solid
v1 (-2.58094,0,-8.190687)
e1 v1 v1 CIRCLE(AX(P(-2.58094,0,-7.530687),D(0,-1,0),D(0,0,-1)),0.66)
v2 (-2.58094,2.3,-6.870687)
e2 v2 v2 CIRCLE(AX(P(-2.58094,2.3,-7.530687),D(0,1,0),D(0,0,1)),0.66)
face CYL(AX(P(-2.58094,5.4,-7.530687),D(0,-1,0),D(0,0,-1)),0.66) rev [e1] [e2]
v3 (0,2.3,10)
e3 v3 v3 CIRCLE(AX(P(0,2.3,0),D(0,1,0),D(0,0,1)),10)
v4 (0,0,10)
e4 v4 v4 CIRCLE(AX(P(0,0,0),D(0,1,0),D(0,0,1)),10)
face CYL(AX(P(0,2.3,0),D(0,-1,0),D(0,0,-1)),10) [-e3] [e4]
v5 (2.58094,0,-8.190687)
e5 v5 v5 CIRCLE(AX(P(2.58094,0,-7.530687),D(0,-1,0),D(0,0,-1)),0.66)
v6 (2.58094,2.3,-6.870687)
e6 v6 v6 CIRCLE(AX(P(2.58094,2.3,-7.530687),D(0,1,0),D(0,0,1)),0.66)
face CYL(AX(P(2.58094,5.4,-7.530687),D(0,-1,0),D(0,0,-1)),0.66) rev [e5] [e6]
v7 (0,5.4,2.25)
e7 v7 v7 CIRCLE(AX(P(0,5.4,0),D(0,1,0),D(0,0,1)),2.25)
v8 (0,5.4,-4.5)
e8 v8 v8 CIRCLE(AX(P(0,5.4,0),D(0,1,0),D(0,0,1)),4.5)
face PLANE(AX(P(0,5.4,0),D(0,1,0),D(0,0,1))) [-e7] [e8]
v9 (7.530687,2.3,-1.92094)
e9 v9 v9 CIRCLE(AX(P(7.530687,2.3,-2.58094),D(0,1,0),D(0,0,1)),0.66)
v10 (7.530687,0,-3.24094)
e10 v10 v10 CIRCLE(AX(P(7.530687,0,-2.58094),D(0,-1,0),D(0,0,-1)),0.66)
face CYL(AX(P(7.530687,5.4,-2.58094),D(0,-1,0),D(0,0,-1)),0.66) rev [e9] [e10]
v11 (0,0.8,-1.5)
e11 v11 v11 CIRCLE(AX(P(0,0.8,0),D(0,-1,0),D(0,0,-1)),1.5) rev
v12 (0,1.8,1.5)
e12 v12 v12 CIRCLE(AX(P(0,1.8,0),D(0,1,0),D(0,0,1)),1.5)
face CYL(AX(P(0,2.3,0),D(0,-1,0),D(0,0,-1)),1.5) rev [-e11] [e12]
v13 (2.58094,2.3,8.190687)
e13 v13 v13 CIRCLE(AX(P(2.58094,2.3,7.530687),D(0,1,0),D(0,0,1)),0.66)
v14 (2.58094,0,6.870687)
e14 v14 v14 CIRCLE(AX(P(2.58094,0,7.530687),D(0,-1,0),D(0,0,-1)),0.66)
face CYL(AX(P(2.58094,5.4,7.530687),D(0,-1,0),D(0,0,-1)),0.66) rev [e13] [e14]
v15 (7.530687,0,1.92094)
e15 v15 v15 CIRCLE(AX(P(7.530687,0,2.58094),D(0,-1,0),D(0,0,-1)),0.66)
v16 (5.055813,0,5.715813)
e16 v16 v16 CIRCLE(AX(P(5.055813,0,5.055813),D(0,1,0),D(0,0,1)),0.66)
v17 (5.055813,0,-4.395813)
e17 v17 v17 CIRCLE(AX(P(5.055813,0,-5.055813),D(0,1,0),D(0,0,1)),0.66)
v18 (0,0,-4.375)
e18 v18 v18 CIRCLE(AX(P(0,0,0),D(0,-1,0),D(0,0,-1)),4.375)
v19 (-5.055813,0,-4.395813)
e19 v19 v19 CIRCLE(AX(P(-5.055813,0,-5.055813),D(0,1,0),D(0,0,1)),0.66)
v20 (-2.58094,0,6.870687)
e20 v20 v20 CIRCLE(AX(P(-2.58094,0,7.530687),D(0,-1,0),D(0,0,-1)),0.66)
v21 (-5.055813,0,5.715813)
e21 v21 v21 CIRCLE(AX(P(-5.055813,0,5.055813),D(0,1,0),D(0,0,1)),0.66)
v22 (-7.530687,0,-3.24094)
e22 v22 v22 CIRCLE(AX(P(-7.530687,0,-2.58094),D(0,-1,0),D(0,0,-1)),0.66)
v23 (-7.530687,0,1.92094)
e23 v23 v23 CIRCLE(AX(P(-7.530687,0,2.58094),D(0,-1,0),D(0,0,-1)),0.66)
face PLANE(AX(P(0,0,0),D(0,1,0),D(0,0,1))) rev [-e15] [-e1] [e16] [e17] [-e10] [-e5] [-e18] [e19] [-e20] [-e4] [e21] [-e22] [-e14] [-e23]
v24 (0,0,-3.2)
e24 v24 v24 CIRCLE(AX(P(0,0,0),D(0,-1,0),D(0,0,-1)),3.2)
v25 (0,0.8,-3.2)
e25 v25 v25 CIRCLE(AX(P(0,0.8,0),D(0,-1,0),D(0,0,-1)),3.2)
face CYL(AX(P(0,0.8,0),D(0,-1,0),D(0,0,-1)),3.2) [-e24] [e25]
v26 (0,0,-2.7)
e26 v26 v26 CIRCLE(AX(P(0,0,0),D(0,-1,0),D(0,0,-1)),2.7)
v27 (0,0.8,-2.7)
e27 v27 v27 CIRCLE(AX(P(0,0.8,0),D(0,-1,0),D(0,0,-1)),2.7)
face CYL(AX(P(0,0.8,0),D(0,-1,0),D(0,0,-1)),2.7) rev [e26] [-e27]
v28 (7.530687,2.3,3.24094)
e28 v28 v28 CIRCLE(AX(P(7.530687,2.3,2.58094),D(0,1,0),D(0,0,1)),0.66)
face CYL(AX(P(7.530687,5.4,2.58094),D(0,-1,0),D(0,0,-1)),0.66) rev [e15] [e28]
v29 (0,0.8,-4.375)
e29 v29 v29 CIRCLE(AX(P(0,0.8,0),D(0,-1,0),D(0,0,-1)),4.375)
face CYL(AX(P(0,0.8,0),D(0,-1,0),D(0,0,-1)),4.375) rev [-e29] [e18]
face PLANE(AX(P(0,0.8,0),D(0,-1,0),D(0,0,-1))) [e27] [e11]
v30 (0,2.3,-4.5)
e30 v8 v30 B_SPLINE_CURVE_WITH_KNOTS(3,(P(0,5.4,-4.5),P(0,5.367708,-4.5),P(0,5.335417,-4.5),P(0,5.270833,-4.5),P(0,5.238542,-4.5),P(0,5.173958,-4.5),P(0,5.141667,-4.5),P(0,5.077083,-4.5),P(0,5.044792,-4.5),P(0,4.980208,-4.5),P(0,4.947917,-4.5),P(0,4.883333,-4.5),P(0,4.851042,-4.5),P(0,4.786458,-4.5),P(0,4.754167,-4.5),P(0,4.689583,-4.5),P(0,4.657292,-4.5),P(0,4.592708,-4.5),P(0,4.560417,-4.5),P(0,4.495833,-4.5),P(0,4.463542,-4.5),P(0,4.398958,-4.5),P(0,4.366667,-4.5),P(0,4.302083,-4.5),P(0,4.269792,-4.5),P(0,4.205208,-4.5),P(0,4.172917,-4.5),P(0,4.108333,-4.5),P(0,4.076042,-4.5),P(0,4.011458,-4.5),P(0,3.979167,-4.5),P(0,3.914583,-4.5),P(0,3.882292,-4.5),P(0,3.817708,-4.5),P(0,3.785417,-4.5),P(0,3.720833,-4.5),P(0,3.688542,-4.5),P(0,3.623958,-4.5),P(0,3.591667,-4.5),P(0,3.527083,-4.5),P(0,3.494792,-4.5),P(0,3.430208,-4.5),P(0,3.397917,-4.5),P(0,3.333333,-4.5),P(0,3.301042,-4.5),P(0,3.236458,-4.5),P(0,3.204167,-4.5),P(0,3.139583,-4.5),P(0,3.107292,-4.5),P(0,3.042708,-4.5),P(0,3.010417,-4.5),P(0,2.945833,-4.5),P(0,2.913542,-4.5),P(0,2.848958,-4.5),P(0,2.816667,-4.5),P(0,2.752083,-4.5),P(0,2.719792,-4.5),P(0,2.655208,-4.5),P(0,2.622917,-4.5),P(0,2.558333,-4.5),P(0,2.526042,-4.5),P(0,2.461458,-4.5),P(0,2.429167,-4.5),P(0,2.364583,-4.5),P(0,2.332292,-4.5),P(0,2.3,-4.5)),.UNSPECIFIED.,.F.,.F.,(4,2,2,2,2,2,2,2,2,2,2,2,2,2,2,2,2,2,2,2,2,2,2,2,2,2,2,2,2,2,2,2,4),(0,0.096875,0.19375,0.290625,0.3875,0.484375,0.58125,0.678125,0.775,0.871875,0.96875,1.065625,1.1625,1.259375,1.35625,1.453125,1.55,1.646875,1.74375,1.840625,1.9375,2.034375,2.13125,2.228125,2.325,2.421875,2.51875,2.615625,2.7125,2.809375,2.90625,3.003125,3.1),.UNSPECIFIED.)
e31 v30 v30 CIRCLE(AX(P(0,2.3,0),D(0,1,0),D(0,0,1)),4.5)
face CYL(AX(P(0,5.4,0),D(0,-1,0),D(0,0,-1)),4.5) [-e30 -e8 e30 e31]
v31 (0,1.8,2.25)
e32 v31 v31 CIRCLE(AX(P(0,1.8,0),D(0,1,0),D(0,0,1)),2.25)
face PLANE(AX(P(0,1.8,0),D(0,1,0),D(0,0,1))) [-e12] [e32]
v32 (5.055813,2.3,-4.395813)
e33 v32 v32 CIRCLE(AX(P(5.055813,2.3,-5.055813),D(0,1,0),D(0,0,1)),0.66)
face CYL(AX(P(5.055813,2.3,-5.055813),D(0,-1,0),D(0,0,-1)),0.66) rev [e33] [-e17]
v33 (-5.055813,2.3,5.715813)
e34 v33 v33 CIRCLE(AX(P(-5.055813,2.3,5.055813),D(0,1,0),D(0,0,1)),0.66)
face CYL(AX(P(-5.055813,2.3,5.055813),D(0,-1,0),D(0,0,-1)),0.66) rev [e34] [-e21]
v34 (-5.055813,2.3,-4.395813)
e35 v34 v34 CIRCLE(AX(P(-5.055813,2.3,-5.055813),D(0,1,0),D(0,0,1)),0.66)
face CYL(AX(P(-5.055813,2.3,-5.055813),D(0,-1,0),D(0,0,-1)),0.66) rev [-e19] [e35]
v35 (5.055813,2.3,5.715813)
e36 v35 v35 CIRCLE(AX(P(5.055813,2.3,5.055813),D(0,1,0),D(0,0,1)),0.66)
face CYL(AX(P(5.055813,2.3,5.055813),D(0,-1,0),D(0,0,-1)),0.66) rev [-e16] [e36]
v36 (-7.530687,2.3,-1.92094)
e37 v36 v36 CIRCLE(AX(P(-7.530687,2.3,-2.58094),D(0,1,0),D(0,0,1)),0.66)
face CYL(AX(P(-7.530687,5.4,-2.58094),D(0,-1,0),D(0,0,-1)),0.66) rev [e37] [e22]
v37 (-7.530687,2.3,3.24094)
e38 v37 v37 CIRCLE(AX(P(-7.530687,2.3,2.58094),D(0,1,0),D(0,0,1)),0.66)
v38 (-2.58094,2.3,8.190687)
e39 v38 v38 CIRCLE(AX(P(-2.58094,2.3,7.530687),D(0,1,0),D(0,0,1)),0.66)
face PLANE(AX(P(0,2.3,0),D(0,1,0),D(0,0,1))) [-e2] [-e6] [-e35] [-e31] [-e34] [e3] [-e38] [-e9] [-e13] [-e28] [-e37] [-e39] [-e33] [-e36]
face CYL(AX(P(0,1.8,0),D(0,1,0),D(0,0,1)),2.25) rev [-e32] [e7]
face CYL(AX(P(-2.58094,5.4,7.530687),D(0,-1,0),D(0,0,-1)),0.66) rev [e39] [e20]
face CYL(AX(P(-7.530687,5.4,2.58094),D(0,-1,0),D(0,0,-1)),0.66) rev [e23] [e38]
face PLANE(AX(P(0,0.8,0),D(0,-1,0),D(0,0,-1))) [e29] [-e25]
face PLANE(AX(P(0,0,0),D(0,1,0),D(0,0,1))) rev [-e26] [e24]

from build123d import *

# Parameters (mm, degrees)
SKETCH1_R           = 10
SKETCH1_R_2         = 0.66
SKETCH1_R_3         = 1.5
BOSS_EXTRUDE1_DEPTH = 2.3
SKETCH2_R           = 4.5
SKETCH2_R_2         = 1.5
BOSS_EXTRUDE2_DEPTH = 3.1
SKETCH3_R           = 2.25
CUT_EXTRUDE1_DEPTH  = 3.6
SKETCH_1_R          = 0.66
CUT_EXTRUDE_1_DEPTH = 16.138031576
SKETCH_2_R          = 4.375
SKETCH_2_R_2        = 3.2
SKETCH_2_R_3        = 2.7
SKETCH_2_R_4        = 1.5
CUT_EXTRUDE_2_DEPTH = 0.8


with BuildPart() as part:
    # Sketch1 → Boss-Extrude1 (new body)
    with BuildSketch(Plane(origin=(0, 0, 0), x_dir=(1, 0, 0), z_dir=(0, 1, 0))):
        with Locations(Location((0, 0, 0), (0, 0, 270))):
            Circle(SKETCH1_R)
        with Locations(Location((-5.055813485, 5.055813485, 0), (0, 0, 270))):
            Circle(SKETCH1_R_2, mode=Mode.SUBTRACT)
        with Locations(Location((5.055813485, 5.055813485, 0), (0, 0, 270))):
            Circle(SKETCH1_R_2, mode=Mode.SUBTRACT)
        with Locations(Location((5.055813485, -5.055813485, 0), (0, 0, 270))):
            Circle(SKETCH1_R_2, mode=Mode.SUBTRACT)
        with Locations(Location((-5.055813485, -5.055813485, 0), (0, 0, 270))):
            Circle(SKETCH1_R_2, mode=Mode.SUBTRACT)
        with Locations(Location((0, 0, 0), (0, 0, 270))):
            Circle(SKETCH1_R_3, mode=Mode.SUBTRACT)
    extrude(amount=BOSS_EXTRUDE1_DEPTH)

    # Sketch2 → Boss-Extrude2 (add)
    with BuildSketch(Plane(origin=(0, 2.3, 0), x_dir=(1, 0, 0), z_dir=(0, 1, 0))):
        with Locations(Location((0, 0, 0), (0, 0, 90))):
            Circle(SKETCH2_R)
        with Locations(Location((0, 0, 0), (0, 0, 270))):
            Circle(SKETCH2_R_2, mode=Mode.SUBTRACT)
    extrude(amount=BOSS_EXTRUDE2_DEPTH)

    # Sketch3 → Cut-Extrude1 (cut)
    with BuildSketch(Plane(origin=(0, 5.4, 0), x_dir=(1, 0, 0), z_dir=(0, 1, 0))):
        with Locations(Location((0, 0, 0), (0, 0, 270))):
            Circle(SKETCH3_R)
    extrude(amount=-CUT_EXTRUDE1_DEPTH, mode=Mode.SUBTRACT)

    # ｽｹｯﾁ1 → ｶｯﾄ - 押し出し1 (cut, through all)
    with BuildSketch(Plane(origin=(0, 0, 0), x_dir=(-1, 0, 0), z_dir=(0, -1, 0))):
        with Locations(Location((-2.580939751, -7.53068722, 0), (0, 0, 90))):
            Circle(SKETCH_1_R)
        with Locations(Location((-7.53068722, -2.580939751, 0), (0, 0, 90))):
            Circle(SKETCH_1_R)
        with Locations(Location((-7.53068722, 2.580939751, 0), (0, 0, 90))):
            Circle(SKETCH_1_R)
        with Locations(Location((-2.580939751, 7.53068722, 0), (0, 0, 90))):
            Circle(SKETCH_1_R)
        with Locations(Location((2.580939751, 7.53068722, 0), (0, 0, 90))):
            Circle(SKETCH_1_R)
        with Locations(Location((7.53068722, 2.580939751, 0), (0, 0, 90))):
            Circle(SKETCH_1_R)
        with Locations(Location((7.53068722, -2.580939751, 0), (0, 0, 90))):
            Circle(SKETCH_1_R)
        with Locations(Location((2.580939751, -7.53068722, 0), (0, 0, 90))):
            Circle(SKETCH_1_R)
    extrude(amount=-CUT_EXTRUDE_1_DEPTH, mode=Mode.SUBTRACT)

    # ｽｹｯﾁ2 → ｶｯﾄ - 押し出し2 (cut)
    # profile 1 of 2: a face of its own
    with BuildSketch(Plane(origin=(0, 0, 0), x_dir=(-1, 0, 0), z_dir=(0, -1, 0))):
        with Locations(Location((0, 0, 0), (0, 0, 90))):
            Circle(SKETCH_2_R)
        with Locations(Location((0, 0, 0), (0, 0, 90))):
            Circle(SKETCH_2_R_2, mode=Mode.SUBTRACT)
    # profile 2 of 2: a face of its own
    with BuildSketch(Plane(origin=(0, 0, 0), x_dir=(-1, 0, 0), z_dir=(0, -1, 0))):
        with Locations(Location((0, 0, 0), (0, 0, 90))):
            Circle(SKETCH_2_R_3)
        with Locations(Location((0, 0, 0), (0, 0, 90))):
            Circle(SKETCH_2_R_4, mode=Mode.SUBTRACT)
    extrude(amount=-CUT_EXTRUDE_2_DEPTH, mode=Mode.SUBTRACT)


solid = part.part
